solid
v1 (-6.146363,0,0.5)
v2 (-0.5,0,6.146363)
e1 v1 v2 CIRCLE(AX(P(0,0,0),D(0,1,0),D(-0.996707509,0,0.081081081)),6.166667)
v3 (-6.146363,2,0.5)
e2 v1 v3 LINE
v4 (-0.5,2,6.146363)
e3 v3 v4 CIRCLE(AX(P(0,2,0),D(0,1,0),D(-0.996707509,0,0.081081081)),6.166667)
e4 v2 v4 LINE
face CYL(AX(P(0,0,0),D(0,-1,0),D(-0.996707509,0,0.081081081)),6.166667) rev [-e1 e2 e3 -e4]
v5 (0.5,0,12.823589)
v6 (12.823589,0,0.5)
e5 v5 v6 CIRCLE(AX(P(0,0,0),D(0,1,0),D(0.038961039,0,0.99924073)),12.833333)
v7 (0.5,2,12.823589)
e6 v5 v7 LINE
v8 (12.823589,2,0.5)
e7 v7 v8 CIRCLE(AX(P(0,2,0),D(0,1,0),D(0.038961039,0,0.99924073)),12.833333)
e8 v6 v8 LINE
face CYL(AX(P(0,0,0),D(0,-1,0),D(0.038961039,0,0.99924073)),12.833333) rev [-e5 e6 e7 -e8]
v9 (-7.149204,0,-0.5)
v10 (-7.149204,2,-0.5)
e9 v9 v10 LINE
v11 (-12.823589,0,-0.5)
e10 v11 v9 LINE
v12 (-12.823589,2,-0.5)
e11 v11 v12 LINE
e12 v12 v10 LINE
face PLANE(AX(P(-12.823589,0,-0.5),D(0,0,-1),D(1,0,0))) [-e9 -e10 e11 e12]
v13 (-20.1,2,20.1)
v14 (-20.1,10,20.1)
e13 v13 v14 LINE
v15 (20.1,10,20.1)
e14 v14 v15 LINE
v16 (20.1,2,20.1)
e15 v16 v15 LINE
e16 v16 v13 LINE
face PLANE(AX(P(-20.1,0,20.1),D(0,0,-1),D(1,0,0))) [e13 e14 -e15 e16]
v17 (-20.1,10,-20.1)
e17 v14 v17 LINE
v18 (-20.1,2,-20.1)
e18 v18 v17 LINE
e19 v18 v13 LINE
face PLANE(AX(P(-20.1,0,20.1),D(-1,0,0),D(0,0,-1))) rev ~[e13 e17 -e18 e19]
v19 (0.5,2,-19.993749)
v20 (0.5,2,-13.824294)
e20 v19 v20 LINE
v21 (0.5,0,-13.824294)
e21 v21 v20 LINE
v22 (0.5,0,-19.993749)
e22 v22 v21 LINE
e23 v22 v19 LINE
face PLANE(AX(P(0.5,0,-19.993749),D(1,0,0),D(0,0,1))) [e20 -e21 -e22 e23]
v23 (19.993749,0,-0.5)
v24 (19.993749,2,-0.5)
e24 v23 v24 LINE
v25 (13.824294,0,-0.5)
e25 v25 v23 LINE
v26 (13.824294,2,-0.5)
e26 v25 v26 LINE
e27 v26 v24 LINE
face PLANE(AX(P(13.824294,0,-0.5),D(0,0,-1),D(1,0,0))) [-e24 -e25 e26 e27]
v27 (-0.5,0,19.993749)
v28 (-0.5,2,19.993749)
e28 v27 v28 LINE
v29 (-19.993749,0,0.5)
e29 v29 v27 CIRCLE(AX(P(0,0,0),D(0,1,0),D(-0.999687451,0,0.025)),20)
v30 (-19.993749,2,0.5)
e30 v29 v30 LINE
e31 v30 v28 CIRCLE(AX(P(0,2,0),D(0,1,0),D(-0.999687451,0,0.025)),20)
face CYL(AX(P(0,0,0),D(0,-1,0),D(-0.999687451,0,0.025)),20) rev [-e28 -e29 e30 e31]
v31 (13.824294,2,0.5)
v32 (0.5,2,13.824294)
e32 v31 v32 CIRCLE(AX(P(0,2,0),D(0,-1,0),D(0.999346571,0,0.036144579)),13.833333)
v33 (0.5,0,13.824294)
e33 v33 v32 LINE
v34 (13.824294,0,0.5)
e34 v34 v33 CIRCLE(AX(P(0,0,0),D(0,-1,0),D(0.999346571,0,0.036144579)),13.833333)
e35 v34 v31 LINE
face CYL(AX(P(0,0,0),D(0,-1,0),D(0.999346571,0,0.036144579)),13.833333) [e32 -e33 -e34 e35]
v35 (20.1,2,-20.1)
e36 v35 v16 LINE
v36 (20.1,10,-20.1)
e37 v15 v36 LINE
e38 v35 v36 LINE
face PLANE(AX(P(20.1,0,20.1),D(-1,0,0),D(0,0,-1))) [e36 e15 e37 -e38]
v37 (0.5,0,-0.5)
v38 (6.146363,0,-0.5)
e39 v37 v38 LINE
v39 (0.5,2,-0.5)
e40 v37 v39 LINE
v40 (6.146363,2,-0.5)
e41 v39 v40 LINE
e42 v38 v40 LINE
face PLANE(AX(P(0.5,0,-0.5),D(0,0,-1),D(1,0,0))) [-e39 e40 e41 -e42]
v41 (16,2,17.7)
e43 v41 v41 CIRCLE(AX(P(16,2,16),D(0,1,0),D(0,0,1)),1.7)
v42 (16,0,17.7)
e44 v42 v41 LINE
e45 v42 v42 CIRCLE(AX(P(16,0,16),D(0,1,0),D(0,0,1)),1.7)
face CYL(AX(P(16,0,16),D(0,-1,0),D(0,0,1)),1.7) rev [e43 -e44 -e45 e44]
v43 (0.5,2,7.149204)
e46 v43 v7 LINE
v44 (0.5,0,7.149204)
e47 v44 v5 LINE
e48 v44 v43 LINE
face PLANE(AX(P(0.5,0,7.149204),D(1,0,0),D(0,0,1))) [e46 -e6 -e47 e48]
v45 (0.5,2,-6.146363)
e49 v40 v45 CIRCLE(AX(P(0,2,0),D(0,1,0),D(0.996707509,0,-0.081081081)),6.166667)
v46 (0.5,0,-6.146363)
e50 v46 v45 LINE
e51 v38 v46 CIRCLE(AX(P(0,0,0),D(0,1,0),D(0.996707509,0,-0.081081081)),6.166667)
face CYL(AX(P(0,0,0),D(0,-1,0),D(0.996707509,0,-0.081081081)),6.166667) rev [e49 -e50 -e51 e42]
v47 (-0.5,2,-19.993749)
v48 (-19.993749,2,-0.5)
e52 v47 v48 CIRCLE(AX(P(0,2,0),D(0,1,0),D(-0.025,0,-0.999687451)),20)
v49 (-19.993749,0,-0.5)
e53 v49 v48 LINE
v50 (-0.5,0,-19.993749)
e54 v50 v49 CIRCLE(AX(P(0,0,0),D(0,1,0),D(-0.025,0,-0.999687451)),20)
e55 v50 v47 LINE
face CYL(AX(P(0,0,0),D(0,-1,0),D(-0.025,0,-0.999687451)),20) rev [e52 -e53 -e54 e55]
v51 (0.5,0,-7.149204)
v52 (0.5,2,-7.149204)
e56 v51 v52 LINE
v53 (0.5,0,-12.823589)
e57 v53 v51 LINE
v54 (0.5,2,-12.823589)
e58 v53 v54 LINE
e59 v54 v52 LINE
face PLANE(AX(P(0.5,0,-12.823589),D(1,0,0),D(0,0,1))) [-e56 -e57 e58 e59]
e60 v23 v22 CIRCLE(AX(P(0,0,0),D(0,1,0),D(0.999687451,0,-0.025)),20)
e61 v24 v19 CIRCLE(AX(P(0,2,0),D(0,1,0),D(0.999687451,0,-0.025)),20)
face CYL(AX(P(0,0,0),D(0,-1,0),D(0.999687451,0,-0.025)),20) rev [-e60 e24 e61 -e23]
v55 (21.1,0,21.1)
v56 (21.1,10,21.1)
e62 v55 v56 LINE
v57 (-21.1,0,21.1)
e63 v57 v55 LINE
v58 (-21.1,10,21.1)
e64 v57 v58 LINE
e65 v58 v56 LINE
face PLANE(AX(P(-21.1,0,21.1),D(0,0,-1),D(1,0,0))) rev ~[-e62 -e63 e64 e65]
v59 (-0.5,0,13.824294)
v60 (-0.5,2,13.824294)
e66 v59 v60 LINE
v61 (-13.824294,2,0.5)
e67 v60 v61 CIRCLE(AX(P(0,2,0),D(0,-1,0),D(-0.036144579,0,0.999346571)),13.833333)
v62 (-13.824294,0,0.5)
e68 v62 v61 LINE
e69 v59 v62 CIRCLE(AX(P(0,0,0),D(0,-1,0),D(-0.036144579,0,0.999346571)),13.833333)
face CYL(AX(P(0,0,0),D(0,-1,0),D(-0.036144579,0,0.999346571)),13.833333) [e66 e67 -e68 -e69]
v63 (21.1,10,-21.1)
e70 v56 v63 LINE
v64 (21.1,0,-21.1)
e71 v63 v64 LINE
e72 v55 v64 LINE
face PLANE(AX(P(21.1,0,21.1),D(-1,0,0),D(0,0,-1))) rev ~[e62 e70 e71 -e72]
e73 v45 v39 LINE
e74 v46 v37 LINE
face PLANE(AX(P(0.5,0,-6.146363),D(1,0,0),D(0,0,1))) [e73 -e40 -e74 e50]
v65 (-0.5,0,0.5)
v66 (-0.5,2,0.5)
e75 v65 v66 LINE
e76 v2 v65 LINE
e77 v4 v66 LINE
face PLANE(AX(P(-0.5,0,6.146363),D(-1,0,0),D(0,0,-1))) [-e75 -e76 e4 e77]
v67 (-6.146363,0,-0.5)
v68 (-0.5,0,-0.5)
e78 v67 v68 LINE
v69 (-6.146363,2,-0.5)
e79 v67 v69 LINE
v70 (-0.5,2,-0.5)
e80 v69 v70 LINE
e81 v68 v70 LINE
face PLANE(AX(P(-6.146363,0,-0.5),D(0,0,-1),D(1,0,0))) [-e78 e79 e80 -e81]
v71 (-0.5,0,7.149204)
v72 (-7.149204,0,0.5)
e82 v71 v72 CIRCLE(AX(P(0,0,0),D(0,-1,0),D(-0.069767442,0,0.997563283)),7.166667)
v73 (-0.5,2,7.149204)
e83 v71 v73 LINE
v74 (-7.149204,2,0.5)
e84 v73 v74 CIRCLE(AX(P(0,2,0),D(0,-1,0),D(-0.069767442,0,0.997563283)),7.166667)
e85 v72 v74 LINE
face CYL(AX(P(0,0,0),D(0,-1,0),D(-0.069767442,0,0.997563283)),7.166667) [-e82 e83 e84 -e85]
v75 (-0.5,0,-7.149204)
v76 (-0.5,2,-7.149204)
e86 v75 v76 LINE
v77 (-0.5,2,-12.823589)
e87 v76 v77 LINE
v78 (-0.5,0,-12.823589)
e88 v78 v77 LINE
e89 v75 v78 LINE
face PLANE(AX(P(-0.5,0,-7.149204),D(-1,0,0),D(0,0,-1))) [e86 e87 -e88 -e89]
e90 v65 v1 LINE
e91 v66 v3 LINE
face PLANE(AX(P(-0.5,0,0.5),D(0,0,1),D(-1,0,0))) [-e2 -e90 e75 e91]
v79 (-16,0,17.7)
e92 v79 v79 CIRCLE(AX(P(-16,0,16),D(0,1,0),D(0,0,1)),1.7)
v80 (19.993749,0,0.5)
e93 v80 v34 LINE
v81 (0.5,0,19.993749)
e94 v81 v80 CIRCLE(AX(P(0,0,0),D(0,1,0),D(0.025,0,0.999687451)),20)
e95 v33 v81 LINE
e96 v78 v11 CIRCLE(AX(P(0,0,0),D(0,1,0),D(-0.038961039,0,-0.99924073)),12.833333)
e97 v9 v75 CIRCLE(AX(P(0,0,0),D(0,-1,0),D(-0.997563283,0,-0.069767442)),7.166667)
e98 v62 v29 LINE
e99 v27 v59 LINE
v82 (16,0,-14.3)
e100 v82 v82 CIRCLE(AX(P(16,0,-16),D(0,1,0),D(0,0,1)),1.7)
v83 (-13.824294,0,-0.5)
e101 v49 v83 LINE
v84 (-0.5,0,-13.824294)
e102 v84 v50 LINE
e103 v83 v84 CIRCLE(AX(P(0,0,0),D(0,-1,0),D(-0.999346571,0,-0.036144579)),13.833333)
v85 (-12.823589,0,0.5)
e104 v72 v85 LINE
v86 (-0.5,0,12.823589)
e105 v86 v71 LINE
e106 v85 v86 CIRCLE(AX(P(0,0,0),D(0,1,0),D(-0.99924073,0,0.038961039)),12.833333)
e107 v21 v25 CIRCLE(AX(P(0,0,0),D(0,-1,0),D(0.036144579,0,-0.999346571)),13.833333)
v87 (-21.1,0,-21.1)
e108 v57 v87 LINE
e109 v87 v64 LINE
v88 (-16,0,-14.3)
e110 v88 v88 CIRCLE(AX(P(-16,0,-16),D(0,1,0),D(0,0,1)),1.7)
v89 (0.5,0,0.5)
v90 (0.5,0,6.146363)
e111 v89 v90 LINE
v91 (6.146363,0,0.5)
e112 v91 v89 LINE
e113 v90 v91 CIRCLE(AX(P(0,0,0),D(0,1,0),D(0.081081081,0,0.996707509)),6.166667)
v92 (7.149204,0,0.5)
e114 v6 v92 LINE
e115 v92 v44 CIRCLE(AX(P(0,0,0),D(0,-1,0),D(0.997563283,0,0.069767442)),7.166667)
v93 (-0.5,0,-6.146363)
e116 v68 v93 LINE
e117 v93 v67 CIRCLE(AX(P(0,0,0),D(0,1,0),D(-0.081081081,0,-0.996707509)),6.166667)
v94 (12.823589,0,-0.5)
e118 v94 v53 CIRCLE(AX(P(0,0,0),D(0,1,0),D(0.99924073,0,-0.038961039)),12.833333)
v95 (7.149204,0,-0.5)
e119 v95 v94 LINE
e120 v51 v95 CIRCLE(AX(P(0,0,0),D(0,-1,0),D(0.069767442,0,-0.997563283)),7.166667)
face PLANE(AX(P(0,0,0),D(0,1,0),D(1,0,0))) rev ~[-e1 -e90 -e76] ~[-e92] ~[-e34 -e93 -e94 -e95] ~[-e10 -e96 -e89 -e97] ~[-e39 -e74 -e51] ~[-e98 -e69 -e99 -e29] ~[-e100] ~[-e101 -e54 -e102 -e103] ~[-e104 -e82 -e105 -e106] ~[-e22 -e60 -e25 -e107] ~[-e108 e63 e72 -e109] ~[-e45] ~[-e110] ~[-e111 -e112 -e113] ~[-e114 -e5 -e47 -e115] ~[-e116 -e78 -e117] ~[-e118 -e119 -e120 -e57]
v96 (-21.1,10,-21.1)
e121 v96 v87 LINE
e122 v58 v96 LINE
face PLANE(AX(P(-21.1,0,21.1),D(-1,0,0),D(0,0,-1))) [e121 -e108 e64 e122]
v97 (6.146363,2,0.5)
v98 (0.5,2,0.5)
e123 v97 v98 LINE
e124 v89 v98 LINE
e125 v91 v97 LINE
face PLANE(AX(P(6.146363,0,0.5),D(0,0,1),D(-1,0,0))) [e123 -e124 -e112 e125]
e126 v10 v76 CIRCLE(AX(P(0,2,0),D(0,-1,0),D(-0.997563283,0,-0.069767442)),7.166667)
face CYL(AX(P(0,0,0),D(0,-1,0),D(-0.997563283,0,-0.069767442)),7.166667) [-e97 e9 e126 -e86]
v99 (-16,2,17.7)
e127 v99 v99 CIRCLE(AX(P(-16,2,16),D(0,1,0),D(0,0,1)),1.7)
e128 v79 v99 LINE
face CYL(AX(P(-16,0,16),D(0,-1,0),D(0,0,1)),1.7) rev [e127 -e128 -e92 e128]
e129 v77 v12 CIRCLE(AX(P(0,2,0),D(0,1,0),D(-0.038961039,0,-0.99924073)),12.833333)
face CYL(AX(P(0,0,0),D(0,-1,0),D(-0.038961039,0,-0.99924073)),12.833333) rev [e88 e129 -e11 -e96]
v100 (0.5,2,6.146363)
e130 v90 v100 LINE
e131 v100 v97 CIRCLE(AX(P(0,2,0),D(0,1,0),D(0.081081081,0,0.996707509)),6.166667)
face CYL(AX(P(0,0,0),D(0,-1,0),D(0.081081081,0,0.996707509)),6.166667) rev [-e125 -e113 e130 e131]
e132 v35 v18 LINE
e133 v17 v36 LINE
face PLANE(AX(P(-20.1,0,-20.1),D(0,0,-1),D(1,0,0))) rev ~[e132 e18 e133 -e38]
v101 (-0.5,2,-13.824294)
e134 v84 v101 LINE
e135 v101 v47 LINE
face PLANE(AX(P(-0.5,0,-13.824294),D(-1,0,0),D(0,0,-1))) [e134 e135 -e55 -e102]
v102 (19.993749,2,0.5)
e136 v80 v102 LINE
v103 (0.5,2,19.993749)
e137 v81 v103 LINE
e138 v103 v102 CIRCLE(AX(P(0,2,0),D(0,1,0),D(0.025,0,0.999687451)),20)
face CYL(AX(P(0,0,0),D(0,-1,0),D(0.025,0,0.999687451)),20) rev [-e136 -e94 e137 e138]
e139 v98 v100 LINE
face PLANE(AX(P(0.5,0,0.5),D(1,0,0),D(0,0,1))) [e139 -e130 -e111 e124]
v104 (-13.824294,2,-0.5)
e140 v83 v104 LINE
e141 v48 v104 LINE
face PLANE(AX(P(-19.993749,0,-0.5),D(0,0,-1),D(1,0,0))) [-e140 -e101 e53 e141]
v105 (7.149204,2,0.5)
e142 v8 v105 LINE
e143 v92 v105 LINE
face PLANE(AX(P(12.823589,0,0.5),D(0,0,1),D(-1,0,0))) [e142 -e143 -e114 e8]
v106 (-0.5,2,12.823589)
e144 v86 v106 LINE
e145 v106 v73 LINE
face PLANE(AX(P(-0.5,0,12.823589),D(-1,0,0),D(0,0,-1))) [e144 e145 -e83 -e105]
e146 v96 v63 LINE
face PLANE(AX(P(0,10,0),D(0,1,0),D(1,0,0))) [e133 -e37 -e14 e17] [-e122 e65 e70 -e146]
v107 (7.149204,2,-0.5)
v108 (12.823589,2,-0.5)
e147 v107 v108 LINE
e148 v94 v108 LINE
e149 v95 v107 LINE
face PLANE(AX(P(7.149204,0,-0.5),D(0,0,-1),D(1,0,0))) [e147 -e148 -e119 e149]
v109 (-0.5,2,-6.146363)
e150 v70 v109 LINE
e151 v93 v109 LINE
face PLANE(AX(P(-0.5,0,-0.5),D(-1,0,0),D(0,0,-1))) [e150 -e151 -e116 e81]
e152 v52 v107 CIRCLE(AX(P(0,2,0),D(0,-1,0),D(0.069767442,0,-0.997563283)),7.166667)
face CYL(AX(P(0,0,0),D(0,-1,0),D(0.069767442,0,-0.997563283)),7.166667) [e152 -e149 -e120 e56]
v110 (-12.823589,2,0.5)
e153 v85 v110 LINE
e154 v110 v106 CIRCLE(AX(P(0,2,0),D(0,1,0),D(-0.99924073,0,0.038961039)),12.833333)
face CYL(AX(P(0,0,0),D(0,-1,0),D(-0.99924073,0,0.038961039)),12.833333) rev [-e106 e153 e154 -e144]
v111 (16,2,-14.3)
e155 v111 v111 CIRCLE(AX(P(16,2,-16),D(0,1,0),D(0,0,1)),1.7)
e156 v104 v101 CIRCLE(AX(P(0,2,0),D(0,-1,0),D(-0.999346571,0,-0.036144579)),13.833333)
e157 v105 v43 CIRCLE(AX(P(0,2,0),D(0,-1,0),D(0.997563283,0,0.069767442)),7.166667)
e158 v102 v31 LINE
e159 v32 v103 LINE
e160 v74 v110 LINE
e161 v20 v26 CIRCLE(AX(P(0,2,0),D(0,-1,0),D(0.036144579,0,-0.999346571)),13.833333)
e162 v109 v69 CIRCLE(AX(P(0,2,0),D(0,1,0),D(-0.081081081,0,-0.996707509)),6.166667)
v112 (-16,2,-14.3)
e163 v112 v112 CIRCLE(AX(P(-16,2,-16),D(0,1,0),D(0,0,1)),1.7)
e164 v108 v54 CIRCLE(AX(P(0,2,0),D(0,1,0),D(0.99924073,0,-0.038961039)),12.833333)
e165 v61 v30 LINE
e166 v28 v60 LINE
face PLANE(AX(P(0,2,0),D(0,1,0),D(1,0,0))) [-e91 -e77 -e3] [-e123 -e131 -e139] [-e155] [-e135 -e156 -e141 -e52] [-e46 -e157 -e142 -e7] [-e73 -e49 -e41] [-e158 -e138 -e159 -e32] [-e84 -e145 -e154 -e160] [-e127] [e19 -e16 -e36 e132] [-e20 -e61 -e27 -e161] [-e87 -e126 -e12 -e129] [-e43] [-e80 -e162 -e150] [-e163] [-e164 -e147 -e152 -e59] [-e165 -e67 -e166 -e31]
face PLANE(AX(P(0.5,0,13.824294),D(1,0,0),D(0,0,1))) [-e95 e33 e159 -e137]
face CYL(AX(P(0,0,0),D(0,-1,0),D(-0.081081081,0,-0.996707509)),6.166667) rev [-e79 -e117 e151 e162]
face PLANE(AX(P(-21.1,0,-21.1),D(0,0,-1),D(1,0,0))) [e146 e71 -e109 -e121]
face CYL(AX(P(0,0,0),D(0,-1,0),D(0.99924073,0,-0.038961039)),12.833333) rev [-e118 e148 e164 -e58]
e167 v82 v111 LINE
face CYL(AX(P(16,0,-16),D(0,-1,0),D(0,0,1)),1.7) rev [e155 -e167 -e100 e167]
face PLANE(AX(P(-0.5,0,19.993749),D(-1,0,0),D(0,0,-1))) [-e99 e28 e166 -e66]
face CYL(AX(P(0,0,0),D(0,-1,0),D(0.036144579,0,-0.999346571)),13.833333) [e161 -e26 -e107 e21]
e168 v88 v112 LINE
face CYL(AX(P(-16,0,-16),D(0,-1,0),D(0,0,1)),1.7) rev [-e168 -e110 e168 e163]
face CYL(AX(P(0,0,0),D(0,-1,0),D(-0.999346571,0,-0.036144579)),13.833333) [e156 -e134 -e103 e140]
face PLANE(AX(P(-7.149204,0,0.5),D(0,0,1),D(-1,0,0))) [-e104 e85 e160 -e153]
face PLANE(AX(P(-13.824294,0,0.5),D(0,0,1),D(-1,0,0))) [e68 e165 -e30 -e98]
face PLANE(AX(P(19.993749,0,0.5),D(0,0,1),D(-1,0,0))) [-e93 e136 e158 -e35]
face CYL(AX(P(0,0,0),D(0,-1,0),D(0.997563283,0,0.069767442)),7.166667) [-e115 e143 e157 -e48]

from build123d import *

# Parameters (mm, degrees)
SKETCH1_W           = 42.2
SKETCH1_H           = 42.2
SKETCH1_R           = 1.7
BOSS_EXTRUDE1_DEPTH = 2
SKETCH1_4_W         = 42.2
SKETCH1_4_H         = 42.2
SKETCH1_4_W_2       = 40.2
SKETCH1_4_H_2       = 40.2
BOSS_EXTRUDE2_DEPTH = 10
CUT_EXTRUDE1_DEPTH  = 2
CIRPATTERN1_COUNT   = 4


with BuildPart() as part:
    # Sketch1 → Boss-Extrude1 (new body)
    with BuildSketch(Plane(origin=(0, 0, 0), x_dir=(1, 0, 0), z_dir=(0, 1, 0))):
        Rectangle(SKETCH1_W, SKETCH1_H)
        with Locations(Location((16, 16, 0), (0, 0, 270))):
            Circle(SKETCH1_R, mode=Mode.SUBTRACT)
        with Locations(Location((16, -16, 0), (0, 0, 270))):
            Circle(SKETCH1_R, mode=Mode.SUBTRACT)
        with Locations(Location((-16, -16, 0), (0, 0, 270))):
            Circle(SKETCH1_R, mode=Mode.SUBTRACT)
        with Locations(Location((-16, 16, 0), (0, 0, 270))):
            Circle(SKETCH1_R, mode=Mode.SUBTRACT)
    extrude(amount=BOSS_EXTRUDE1_DEPTH)

    # Sketch1<4> → Boss-Extrude2 (add)
    with BuildSketch(Plane(origin=(0, 0, 0), x_dir=(1, 0, 0), z_dir=(0, 1, 0))):
        Rectangle(SKETCH1_4_W, SKETCH1_4_H)
        Rectangle(SKETCH1_4_W_2, SKETCH1_4_H_2, mode=Mode.SUBTRACT)
    extrude(amount=BOSS_EXTRUDE2_DEPTH)

    # Sketch1<5> → Cut-Extrude1 (cut)
    with BuildSketch(Plane(origin=(0, 0, 0), x_dir=(1, 0, 0), z_dir=(0, 1, 0))):
        with BuildLine():
            ThreePointArc((12.823589374, 0.5), (9.074537025, 9.074537025), (0.5, 12.823589374))
            Line((0.5, 12.823589374), (0.5, 7.14920353))
            ThreePointArc((0.5, 7.14920353), (5.067598599, 5.067598599), (7.14920353, 0.5))
            Line((7.14920353, 0.5), (12.823589374, 0.5))
        make_face()
        with BuildLine():
            ThreePointArc((6.146362972, 0.5), (4.360491817, 4.360491817), (0.5, 6.146362972))
            Line((0.5, 6.146362972), (0.5, 0.5))
            Line((0.5, 0.5), (6.146362972, 0.5))
        make_face()
        with BuildLine():
            Line((0.5, 19.993749023), (0.5, 13.824294236))
            ThreePointArc((0.5, 13.824294236), (9.781643806, 9.781643806), (13.824294236, 0.5))
            Line((13.824294236, 0.5), (19.993749023, 0.5))
            ThreePointArc((19.993749023, 0.5), (14.142135624, 14.142135624), (0.5, 19.993749023))
        make_face()
    cut_extrude1 = extrude(amount=CUT_EXTRUDE1_DEPTH, mode=Mode.SUBTRACT)

    # CirPattern1: Cut-Extrude1 ×4 about axis
    cirpattern1_axis = Axis((0, 0, 0), (0, 1, 0))
    for i in range(1, CIRPATTERN1_COUNT):
        add(cut_extrude1.rotate(cirpattern1_axis, i * 360 / CIRPATTERN1_COUNT), mode=Mode.SUBTRACT)


solid = part.part
